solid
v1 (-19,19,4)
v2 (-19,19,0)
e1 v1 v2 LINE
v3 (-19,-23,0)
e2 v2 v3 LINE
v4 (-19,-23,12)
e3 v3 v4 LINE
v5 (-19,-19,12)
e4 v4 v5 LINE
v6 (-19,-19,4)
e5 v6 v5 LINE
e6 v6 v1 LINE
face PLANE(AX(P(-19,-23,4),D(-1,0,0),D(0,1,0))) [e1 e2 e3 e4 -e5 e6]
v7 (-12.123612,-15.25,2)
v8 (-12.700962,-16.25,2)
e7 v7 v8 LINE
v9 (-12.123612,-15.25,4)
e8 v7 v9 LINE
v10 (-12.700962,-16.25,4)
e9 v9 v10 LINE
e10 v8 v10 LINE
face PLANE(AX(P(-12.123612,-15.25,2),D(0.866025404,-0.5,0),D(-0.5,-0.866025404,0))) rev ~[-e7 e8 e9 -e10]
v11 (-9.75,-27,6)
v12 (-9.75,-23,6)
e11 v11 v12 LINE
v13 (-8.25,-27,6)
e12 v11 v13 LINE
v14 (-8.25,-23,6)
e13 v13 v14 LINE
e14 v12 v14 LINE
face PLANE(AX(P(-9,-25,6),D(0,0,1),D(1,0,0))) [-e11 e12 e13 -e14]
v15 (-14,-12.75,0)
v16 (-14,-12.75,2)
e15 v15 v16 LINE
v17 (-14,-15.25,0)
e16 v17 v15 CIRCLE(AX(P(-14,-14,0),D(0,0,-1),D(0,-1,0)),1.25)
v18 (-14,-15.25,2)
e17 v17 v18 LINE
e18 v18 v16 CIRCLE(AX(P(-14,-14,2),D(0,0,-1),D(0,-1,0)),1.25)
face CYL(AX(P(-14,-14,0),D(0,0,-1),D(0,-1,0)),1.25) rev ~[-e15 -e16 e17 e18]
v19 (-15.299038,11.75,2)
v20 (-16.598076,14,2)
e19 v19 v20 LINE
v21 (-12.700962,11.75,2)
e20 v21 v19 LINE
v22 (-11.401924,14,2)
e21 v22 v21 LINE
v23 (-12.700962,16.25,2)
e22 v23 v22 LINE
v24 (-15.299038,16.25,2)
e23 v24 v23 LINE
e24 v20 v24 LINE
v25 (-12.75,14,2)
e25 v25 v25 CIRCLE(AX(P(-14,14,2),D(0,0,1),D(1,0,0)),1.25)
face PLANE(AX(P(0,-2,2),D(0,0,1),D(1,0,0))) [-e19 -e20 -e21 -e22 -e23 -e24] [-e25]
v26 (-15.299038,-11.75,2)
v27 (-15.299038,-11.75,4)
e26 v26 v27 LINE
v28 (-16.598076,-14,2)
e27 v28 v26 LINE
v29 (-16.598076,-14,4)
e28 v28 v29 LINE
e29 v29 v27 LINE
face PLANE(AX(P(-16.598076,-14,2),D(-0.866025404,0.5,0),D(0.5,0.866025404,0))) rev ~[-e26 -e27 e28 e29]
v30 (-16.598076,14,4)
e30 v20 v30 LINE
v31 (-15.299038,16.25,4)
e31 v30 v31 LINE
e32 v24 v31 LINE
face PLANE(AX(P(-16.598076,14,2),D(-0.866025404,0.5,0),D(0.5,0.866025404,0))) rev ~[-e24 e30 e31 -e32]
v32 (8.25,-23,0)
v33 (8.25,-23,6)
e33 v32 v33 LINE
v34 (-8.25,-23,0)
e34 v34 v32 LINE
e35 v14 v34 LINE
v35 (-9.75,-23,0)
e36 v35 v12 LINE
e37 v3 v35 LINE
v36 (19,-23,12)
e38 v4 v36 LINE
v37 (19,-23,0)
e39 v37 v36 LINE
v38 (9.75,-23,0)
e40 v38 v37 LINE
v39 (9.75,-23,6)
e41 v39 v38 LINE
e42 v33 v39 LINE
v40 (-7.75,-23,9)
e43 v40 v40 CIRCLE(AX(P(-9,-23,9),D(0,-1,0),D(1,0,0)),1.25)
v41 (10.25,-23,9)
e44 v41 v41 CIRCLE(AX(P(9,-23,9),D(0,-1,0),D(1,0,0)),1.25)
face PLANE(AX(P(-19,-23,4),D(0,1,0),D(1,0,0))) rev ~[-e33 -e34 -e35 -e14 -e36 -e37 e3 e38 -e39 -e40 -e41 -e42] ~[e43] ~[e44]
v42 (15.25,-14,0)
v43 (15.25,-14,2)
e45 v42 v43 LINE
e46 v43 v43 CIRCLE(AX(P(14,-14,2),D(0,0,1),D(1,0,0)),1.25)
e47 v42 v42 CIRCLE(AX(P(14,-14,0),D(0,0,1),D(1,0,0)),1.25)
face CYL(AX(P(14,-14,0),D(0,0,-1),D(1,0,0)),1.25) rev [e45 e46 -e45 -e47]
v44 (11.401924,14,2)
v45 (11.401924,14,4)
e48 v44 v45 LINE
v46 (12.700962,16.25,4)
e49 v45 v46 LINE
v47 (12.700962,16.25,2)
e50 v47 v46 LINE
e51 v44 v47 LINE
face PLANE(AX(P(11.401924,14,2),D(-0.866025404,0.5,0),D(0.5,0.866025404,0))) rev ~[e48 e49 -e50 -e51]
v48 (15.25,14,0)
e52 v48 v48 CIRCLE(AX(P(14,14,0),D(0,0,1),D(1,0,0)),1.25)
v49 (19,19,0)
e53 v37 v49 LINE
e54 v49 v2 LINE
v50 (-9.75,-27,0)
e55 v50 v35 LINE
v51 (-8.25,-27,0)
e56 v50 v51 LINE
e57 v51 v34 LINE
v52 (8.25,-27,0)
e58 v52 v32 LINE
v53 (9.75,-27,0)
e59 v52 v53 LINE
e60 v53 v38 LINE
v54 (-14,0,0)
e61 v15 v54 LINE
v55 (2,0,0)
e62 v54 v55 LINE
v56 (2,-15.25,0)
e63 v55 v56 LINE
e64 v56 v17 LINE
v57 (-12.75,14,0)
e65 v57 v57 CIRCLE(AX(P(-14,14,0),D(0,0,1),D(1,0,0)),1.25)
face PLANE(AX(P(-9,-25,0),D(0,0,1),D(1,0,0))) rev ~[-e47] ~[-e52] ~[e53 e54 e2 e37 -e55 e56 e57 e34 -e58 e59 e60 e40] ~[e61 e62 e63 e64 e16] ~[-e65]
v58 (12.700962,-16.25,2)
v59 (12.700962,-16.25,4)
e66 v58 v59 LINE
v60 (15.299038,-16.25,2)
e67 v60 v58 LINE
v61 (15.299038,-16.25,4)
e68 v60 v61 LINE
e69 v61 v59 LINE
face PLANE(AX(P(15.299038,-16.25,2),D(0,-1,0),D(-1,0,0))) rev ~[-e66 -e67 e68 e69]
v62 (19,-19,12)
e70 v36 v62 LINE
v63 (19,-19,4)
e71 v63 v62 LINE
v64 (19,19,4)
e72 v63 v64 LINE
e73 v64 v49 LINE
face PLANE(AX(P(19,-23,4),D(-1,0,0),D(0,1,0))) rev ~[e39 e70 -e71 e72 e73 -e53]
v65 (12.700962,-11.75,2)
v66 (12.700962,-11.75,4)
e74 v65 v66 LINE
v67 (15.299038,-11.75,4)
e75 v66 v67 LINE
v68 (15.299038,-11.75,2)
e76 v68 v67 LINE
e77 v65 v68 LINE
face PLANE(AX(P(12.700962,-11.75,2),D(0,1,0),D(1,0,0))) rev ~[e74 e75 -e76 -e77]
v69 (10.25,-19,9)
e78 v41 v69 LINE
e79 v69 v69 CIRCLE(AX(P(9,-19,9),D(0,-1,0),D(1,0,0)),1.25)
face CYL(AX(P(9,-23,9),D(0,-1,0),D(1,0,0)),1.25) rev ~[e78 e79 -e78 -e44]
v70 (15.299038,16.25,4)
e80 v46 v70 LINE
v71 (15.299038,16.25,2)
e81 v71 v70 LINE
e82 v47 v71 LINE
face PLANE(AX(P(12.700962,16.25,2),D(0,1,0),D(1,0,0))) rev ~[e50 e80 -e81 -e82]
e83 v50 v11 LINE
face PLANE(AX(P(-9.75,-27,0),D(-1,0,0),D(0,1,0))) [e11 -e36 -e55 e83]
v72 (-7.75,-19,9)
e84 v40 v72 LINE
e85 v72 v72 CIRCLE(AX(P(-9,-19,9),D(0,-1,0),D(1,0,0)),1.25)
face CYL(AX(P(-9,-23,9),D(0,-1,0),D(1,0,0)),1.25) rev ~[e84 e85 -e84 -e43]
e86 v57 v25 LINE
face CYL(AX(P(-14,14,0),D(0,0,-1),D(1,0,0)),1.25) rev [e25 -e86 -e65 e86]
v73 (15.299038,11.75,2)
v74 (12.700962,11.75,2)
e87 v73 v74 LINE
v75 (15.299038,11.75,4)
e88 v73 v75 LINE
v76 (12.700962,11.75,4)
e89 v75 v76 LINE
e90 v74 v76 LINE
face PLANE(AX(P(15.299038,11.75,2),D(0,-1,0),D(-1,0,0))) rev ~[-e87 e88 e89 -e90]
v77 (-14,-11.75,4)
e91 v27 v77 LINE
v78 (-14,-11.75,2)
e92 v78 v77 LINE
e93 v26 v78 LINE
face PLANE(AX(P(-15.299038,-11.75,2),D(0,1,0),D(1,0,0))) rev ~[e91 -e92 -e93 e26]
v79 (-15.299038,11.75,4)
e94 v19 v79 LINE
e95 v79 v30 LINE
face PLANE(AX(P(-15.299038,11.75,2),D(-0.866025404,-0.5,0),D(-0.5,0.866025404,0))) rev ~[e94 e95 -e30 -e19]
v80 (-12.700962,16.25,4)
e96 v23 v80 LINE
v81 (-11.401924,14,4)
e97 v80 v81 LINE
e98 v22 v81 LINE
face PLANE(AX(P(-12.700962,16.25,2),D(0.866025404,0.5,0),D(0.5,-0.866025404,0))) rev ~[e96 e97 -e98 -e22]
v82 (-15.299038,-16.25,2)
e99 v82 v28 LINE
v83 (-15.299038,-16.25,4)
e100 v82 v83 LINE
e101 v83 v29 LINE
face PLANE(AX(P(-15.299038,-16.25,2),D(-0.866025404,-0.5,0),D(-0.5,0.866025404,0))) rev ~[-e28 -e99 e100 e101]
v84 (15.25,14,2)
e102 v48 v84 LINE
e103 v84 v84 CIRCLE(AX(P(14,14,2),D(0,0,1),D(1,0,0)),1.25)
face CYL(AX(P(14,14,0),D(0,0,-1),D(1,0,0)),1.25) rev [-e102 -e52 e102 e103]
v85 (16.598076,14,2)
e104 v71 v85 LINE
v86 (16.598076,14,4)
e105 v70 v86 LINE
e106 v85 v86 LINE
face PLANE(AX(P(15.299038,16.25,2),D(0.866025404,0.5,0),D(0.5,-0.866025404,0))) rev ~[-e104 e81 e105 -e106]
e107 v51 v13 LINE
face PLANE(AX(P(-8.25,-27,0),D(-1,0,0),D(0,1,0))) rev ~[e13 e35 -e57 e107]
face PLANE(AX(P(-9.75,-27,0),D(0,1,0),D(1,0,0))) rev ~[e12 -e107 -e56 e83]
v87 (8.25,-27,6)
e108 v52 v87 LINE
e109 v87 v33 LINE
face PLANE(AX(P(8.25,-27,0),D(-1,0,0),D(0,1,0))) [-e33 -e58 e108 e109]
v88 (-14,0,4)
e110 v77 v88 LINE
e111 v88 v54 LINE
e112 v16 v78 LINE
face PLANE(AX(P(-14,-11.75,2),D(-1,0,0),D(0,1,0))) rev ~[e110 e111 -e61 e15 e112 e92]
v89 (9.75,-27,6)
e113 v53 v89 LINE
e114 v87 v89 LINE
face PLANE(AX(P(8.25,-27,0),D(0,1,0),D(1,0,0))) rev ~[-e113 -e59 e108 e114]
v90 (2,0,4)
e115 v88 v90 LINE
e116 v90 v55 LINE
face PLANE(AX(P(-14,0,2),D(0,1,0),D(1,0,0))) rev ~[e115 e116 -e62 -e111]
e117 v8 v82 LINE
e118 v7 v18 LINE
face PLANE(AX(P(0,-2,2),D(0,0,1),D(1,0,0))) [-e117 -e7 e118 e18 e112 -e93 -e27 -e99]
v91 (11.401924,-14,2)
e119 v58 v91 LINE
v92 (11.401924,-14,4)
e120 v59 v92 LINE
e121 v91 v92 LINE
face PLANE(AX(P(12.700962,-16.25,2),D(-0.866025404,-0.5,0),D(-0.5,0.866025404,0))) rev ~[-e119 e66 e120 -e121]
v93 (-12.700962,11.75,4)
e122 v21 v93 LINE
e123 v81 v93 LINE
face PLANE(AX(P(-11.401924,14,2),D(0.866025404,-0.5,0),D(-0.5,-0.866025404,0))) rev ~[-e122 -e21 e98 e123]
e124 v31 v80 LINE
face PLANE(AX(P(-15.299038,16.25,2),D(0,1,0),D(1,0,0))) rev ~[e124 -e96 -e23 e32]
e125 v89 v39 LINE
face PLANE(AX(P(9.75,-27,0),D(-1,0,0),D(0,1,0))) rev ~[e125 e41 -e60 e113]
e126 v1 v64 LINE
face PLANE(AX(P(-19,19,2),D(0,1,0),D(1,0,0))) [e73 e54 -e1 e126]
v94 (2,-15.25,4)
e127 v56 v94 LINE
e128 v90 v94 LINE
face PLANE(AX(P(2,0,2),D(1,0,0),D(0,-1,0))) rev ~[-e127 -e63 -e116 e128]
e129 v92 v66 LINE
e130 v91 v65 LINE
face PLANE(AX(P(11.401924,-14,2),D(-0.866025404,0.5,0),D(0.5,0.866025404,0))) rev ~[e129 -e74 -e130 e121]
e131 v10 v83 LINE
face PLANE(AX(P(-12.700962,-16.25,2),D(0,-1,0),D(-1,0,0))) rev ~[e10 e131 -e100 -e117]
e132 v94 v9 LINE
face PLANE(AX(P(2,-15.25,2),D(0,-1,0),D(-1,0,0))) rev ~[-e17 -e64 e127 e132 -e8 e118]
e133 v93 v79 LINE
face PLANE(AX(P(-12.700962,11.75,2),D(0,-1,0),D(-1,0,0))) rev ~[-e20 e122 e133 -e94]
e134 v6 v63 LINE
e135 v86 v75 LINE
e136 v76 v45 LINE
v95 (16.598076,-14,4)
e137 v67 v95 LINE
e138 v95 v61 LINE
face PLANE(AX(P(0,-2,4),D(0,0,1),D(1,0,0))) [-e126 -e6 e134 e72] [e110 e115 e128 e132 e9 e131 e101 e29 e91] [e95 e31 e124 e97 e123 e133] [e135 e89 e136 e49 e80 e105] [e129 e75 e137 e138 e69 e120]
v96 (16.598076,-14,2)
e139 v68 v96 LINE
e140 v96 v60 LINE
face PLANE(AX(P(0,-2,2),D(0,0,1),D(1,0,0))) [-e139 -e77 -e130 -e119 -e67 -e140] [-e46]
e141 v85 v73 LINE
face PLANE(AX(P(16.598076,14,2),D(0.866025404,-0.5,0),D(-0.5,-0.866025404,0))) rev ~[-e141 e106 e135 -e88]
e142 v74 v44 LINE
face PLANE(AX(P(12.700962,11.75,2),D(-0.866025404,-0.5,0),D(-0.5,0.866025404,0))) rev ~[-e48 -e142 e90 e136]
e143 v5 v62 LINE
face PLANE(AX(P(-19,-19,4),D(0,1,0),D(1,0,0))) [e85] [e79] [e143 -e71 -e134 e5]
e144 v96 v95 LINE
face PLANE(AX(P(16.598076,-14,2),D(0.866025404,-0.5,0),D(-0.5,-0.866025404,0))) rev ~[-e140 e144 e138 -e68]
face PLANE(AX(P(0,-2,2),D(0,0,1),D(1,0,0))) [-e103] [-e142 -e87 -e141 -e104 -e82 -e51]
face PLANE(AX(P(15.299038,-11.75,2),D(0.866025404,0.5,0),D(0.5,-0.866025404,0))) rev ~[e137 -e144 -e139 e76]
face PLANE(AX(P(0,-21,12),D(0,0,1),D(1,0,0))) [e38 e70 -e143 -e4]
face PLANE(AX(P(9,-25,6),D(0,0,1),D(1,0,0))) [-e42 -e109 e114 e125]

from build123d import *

# Parameters (mm, degrees)
F0_R     = 1.25
F1_DEPTH = 2
F2_W     = 38
F2_H     = 42
F3_DEPTH = 2
F4_W     = 1.5
F4_H     = 4
F5_DEPTH = 6
F6_W     = 38
F6_H     = 4
F7_DEPTH = 8
F8_R     = 1.25
F9_DEPTH = 25


with BuildPart() as f1:
    # F0 (on Top) → F1 (new body)
    with BuildSketch(Plane.XY):
        Polygon((19, 19), (-19, 19), (-19, -23), (10, -23), (12, -23), (19, -23), align=None)
        with BuildLine():
            ThreePointArc((-14, -15.25), (-15.25, -14), (-14, -12.75))
            Line((-14, -12.75), (-14, 0))
            Line((-14, 0), (2, 0))
            Line((2, 0), (2, -15.25))
            Line((2, -15.25), (-14, -15.25))
        make_face(mode=Mode.SUBTRACT)
        with Locations((14, -14)):
            Circle(F0_R, mode=Mode.SUBTRACT)
        with Locations((-14, 14)):
            Circle(F0_R, mode=Mode.SUBTRACT)
        with Locations((14, 14)):
            Circle(F0_R, mode=Mode.SUBTRACT)
    extrude(amount=F1_DEPTH)

    # F2 (on face) → F3 (join)
    with BuildSketch(Plane.XY.offset(2)):
        with Locations((0, -2)):
            Rectangle(F2_W, F2_H)
        Polygon((2, -15.25), (-12.1236116251, -15.25), (-12.7009618943, -16.25), (-15.2990381057, -16.25), (-16.5980762114, -14), (-15.2990381057, -11.75), (-14, -11.75), (-14, 0), (2, 0), align=None, mode=Mode.SUBTRACT)
        Polygon((15.2990381057, -11.75), (16.5980762114, -14), (15.2990381057, -16.25), (12.7009618943, -16.25), (11.4019237886, -14), (12.7009618943, -11.75), align=None, mode=Mode.SUBTRACT)
        Polygon((-12.7009618943, 16.25), (-11.4019237886, 14), (-12.7009618943, 11.75), (-15.2990381057, 11.75), (-16.5980762114, 14), (-15.2990381057, 16.25), align=None, mode=Mode.SUBTRACT)
        Polygon((15.2990381057, 16.25), (16.5980762114, 14), (15.2990381057, 11.75), (12.7009618943, 11.75), (11.4019237886, 14), (12.7009618943, 16.25), align=None, mode=Mode.SUBTRACT)
    extrude(amount=F3_DEPTH)

    # F4 (on Top) → F5 (join)
    with BuildSketch(Plane.XY):
        with Locations((-9, -25)):
            Rectangle(F4_W, F4_H)
        with Locations((9, -25)):
            Rectangle(F4_W, F4_H)
    extrude(amount=F5_DEPTH)

    # F6 (on face) → F7 (join)
    with BuildSketch(Plane.XY.offset(4)):
        with Locations((0, -21)):
            Rectangle(F6_W, F6_H)
    extrude(amount=F7_DEPTH)

    # F8 (on face) → F9 (cut)
    with BuildSketch(Plane.XZ.offset(23)):
        with Locations((-9, 9)):
            Circle(F8_R)
        with Locations((9, 9)):
            Circle(F8_R)
    extrude(amount=-F9_DEPTH, mode=Mode.SUBTRACT)


solid = f1.part
